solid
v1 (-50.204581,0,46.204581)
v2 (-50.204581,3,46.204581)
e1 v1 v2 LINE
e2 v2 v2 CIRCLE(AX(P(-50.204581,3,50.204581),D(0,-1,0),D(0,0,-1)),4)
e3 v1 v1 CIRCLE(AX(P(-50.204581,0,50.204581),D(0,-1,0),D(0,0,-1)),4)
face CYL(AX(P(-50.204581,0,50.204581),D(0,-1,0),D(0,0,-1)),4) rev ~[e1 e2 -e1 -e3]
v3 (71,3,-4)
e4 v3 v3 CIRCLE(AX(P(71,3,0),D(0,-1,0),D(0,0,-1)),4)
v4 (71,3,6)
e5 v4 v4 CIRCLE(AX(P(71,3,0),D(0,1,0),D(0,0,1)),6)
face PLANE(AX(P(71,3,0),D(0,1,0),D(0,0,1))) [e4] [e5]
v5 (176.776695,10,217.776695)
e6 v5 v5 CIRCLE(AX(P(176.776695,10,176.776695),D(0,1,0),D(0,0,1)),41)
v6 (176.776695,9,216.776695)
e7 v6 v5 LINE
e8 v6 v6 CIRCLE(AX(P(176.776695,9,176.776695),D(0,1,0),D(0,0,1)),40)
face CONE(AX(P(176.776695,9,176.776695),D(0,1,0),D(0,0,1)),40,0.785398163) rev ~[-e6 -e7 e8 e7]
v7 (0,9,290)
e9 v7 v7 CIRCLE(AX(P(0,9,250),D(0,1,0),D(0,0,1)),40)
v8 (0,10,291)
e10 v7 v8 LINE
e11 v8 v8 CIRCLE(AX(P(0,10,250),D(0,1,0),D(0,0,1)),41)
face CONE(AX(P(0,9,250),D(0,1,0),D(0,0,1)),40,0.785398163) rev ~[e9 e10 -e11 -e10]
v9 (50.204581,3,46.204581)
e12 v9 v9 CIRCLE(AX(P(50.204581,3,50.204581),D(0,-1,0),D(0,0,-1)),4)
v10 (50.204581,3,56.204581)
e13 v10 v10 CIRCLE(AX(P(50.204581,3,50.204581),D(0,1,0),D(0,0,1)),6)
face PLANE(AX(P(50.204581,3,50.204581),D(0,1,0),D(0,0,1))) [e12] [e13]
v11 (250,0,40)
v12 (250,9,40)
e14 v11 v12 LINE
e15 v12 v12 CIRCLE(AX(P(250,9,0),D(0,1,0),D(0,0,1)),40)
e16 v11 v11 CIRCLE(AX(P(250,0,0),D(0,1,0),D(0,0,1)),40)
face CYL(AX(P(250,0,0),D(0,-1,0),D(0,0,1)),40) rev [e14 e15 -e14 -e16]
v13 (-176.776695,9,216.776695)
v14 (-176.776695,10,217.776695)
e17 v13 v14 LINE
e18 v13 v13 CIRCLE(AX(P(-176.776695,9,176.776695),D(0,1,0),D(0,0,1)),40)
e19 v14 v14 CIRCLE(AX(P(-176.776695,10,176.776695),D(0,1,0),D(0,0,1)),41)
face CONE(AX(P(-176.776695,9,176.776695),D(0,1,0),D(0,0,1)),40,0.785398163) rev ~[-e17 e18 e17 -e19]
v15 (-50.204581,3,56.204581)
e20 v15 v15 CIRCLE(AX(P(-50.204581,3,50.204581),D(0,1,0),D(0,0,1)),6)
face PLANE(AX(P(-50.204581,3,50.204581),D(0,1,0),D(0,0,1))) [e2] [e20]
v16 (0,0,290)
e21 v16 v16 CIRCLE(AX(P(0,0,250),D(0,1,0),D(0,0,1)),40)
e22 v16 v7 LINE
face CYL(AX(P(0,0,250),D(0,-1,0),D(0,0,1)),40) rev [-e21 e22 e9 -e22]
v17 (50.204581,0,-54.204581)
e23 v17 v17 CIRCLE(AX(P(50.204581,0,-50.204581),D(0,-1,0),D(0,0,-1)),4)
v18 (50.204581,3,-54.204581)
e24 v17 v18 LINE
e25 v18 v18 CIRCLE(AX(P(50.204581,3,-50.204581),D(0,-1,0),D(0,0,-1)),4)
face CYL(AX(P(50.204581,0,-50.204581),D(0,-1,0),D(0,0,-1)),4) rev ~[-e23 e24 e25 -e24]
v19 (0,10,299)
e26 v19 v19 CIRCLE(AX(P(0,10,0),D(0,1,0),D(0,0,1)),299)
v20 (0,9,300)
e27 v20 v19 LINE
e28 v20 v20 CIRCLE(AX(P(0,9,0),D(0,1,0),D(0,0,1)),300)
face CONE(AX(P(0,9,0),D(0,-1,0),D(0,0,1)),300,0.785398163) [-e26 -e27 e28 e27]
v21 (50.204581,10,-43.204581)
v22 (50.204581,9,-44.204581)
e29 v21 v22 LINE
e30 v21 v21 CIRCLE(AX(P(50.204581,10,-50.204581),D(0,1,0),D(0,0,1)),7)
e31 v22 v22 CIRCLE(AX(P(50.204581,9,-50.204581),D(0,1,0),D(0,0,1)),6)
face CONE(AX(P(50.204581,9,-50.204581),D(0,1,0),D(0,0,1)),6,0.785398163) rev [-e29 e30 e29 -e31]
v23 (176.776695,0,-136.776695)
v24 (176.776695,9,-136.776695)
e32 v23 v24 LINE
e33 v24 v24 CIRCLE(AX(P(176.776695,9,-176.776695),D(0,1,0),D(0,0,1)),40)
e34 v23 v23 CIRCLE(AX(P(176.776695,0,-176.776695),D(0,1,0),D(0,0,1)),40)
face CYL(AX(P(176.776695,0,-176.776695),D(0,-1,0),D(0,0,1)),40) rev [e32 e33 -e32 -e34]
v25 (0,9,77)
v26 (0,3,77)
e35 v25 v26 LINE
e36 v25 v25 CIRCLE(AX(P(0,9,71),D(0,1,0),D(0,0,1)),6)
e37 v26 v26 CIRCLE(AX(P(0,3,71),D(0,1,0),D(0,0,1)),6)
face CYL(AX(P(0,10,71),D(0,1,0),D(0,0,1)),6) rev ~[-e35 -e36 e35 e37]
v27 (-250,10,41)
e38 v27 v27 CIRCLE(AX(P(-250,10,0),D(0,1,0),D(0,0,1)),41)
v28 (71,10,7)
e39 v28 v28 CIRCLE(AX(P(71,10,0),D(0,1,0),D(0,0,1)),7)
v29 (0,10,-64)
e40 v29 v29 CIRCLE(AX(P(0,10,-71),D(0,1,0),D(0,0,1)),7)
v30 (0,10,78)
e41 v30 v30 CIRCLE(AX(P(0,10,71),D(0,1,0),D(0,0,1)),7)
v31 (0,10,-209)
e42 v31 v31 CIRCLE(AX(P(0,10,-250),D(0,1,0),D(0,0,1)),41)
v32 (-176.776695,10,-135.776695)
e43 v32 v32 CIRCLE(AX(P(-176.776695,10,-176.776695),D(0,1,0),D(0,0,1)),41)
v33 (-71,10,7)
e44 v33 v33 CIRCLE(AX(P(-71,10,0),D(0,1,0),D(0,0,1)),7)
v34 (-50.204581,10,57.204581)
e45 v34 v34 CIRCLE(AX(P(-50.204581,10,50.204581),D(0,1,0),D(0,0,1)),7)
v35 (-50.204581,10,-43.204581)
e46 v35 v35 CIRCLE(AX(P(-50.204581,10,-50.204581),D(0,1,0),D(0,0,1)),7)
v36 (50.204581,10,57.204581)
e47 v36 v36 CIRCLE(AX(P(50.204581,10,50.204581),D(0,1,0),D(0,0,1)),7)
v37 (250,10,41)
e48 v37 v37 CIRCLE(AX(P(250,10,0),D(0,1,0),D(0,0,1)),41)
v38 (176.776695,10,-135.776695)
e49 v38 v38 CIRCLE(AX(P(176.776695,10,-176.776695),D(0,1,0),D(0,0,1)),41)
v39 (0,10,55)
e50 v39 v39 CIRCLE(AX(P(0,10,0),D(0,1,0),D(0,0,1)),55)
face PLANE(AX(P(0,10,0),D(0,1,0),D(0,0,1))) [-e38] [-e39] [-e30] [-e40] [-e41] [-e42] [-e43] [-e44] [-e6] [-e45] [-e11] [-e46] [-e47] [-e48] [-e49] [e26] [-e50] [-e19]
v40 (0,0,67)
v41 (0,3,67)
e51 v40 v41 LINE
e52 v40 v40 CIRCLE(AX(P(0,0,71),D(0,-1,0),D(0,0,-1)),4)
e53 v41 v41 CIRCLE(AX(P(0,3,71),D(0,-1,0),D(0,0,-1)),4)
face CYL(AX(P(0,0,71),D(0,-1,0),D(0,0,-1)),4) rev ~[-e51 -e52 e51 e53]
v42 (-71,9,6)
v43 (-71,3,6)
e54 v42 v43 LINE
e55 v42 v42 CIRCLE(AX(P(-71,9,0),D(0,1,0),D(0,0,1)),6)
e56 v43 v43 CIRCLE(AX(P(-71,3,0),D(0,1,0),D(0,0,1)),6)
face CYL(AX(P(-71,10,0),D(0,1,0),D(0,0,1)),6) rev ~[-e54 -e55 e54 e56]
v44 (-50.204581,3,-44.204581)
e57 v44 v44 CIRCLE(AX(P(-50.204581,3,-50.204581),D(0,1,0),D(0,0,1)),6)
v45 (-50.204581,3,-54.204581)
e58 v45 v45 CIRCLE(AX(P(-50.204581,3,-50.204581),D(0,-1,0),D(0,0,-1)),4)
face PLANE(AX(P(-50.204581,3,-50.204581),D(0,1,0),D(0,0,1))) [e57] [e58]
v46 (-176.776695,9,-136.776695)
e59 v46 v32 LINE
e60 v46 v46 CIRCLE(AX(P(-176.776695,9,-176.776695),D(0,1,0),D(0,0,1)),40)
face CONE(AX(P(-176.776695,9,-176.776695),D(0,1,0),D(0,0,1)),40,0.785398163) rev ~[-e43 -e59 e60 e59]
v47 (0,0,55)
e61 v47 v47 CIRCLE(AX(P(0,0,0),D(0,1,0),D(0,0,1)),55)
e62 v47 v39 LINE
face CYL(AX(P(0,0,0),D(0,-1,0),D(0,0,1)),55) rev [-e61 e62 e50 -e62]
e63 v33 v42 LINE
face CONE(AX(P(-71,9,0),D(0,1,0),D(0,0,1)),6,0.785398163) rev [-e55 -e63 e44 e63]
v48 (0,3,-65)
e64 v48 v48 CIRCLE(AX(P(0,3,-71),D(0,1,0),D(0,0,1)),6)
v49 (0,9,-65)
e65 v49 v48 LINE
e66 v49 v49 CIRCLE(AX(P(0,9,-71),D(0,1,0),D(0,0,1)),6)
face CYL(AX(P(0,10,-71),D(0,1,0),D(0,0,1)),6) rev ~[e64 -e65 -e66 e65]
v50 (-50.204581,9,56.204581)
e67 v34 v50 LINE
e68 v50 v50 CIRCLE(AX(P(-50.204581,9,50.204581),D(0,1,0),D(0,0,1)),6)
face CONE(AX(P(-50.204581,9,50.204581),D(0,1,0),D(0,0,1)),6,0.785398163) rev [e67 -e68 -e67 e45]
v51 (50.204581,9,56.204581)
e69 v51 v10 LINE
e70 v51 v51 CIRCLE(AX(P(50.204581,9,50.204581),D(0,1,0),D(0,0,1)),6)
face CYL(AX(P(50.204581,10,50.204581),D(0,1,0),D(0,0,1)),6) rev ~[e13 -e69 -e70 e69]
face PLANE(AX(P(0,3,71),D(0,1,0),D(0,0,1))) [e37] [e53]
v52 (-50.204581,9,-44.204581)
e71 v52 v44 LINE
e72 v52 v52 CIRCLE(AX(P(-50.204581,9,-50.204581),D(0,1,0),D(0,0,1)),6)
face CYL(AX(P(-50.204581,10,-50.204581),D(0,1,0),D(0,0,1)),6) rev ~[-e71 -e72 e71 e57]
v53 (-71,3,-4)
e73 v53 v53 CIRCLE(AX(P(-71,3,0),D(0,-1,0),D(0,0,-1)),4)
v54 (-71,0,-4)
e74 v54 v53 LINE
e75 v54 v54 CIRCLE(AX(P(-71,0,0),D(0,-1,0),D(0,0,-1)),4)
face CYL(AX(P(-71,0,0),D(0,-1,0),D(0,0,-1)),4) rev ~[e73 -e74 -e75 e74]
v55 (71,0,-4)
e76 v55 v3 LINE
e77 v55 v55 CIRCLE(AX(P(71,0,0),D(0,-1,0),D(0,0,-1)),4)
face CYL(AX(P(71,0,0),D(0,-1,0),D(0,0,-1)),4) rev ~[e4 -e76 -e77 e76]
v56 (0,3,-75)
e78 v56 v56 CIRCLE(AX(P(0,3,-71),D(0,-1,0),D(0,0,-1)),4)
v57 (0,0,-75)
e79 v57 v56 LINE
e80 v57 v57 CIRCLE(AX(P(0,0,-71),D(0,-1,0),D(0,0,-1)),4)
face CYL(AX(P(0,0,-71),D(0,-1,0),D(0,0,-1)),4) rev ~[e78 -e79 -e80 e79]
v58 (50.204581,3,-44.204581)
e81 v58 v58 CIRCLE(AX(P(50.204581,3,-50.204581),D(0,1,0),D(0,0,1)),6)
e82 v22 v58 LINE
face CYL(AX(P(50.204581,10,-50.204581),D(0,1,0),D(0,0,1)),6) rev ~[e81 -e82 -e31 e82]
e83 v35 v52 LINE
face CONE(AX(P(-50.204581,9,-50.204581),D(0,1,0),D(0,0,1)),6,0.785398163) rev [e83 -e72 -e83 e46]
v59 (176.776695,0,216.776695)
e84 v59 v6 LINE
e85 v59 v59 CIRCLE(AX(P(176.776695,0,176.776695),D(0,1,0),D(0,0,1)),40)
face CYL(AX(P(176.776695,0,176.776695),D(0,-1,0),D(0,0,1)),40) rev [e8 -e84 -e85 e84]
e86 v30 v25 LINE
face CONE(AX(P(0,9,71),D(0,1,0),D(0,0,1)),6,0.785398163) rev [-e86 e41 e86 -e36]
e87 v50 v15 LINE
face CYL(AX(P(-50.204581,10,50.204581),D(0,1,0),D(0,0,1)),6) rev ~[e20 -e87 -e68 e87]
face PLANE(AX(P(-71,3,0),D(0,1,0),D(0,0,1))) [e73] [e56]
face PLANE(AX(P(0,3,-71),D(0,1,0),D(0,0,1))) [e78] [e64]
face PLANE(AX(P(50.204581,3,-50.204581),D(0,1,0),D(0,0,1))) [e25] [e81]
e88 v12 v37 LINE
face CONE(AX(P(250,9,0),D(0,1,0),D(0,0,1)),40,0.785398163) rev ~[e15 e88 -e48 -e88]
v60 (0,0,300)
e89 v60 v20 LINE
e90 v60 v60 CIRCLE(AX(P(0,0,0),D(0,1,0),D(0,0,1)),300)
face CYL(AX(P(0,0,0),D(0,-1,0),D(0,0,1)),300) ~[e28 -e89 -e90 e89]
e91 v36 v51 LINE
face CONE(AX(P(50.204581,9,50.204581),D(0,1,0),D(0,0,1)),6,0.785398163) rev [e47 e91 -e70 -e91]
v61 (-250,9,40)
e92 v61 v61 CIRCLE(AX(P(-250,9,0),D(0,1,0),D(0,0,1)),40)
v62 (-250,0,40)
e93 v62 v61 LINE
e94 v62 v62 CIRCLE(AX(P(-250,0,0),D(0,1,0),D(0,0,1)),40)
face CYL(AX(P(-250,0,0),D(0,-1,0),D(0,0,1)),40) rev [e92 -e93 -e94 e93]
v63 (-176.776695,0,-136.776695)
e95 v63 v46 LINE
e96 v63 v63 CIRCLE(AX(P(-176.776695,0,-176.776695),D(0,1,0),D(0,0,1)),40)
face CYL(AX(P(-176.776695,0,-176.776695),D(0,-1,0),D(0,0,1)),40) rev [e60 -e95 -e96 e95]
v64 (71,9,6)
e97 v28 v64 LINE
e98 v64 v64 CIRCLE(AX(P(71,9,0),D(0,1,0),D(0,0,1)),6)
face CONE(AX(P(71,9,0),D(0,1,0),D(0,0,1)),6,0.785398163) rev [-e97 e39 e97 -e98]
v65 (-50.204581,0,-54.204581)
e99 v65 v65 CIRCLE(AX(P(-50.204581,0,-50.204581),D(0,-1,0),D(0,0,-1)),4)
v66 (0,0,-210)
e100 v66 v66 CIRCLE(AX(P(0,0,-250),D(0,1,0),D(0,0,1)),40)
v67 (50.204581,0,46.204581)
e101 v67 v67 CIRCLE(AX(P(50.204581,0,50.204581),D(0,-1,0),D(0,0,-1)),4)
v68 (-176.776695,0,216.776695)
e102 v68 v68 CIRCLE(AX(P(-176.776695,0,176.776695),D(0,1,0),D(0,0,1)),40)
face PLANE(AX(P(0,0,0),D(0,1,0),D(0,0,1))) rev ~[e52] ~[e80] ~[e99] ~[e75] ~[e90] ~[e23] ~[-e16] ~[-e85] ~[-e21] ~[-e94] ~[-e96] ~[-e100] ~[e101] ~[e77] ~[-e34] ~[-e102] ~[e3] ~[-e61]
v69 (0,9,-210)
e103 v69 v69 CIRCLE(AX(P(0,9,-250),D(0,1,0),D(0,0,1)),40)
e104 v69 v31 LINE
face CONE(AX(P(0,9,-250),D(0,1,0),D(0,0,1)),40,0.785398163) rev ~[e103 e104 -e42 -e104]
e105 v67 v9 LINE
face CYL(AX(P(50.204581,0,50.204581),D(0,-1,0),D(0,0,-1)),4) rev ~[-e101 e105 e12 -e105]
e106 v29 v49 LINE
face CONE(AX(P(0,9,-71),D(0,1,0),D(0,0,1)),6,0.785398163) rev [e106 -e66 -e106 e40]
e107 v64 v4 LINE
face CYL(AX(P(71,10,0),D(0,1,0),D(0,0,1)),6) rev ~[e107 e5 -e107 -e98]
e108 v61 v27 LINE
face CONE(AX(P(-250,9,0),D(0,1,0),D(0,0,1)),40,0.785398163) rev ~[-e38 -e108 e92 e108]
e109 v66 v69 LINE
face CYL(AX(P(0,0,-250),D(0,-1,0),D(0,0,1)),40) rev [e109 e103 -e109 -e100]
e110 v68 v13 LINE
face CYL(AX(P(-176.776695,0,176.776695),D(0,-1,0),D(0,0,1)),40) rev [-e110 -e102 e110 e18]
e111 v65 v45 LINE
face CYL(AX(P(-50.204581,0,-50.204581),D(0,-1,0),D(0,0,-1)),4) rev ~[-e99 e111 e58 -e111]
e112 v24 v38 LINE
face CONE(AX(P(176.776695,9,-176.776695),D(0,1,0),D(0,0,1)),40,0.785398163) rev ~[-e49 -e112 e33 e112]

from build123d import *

# Parameters (mm, degrees)
SKETCH2_R            = 300
SKETCH2_R_2          = 55
SKETCH2_R_3          = 40
BOSS_EXTRUDE10_DEPTH = 10
CHAMFER1_SIZE        = 1
SKETCH13_R           = 6
CUT_EXTRUDE1_DEPTH   = 7
SKETCH14_R           = 4
CUT_EXTRUDE2_DEPTH   = 3
CHAMFER2_SIZE        = 1


with BuildPart() as part:
    # Sketch2 → Boss-Extrude10 (new body)
    with BuildSketch(Plane(origin=(0, 0, 0), x_dir=(1, 0, 0), z_dir=(0, 1, 0))):
        with Locations(Location((0, 0, 0), (0, 0, 270))):
            Circle(SKETCH2_R)
        with Locations(Location((0, 0, 0), (0, 0, 270))):
            Circle(SKETCH2_R_2, mode=Mode.SUBTRACT)
        with Locations(Location((0, 250, 0), (0, 0, 270))):
            Circle(SKETCH2_R_3, mode=Mode.SUBTRACT)
        with Locations(Location((176.776695297, 176.776695297, 0), (0, 0, 270))):
            Circle(SKETCH2_R_3, mode=Mode.SUBTRACT)
        with Locations(Location((250, 0, 0), (0, 0, 270))):
            Circle(SKETCH2_R_3, mode=Mode.SUBTRACT)
        with Locations(Location((176.776695297, -176.776695297, 0), (0, 0, 270))):
            Circle(SKETCH2_R_3, mode=Mode.SUBTRACT)
        with Locations(Location((0, -250, 0), (0, 0, 270))):
            Circle(SKETCH2_R_3, mode=Mode.SUBTRACT)
        with Locations(Location((-176.776695297, -176.776695297, 0), (0, 0, 270))):
            Circle(SKETCH2_R_3, mode=Mode.SUBTRACT)
        with Locations(Location((-250, 0, 0), (0, 0, 270))):
            Circle(SKETCH2_R_3, mode=Mode.SUBTRACT)
        with Locations(Location((-176.776695297, 176.776695297, 0), (0, 0, 270))):
            Circle(SKETCH2_R_3, mode=Mode.SUBTRACT)
    extrude(amount=BOSS_EXTRUDE10_DEPTH)

    # Chamfer1
    chamfer1_edges = [part.edges().sort_by_distance(p)[0] for p in [
        (176.776695297, 10, -216.776695297),
        (250, 10, -40),
        (176.776695297, 10, 136.776695297),
        (0, 10, 210),
        (-176.776695297, 10, 136.776695297),
        (-250, 10, -40),
        (-176.776695297, 10, -216.776695297),
        (0, 10, -300),
        (0, 10, -290),
    ]]
    chamfer(chamfer1_edges, length=CHAMFER1_SIZE)

    # Sketch13 → Cut-Extrude1 (cut)
    with BuildSketch(Plane(origin=(0, 10, 0), x_dir=(1, 0, 0), z_dir=(0, 1, 0))):
        with Locations(Location((-71, 0, 0), (0, 0, 270))):
            Circle(SKETCH13_R)
        with Locations(Location((-50.204581464, 50.204581464, 0), (0, 0, 270))):
            Circle(SKETCH13_R)
        with Locations(Location((0, 71, 0), (0, 0, 270))):
            Circle(SKETCH13_R)
        with Locations(Location((50.204581464, 50.204581464, 0), (0, 0, 270))):
            Circle(SKETCH13_R)
        with Locations(Location((71, 0, 0), (0, 0, 270))):
            Circle(SKETCH13_R)
        with Locations(Location((50.204581464, -50.204581464, 0), (0, 0, 270))):
            Circle(SKETCH13_R)
        with Locations(Location((0, -71, 0), (0, 0, 270))):
            Circle(SKETCH13_R)
        with Locations(Location((-50.204581464, -50.204581464, 0), (0, 0, 270))):
            Circle(SKETCH13_R)
    extrude(amount=-CUT_EXTRUDE1_DEPTH, mode=Mode.SUBTRACT)

    # Sketch14 → Cut-Extrude2 (cut)
    with BuildSketch(Plane.XZ):
        with Locations(Location((-71, 0, 0), (0, 0, 270))):
            Circle(SKETCH14_R)
        with Locations(Location((-50.204581464, 50.204581464, 0), (0, 0, 270))):
            Circle(SKETCH14_R)
        with Locations(Location((0, 71, 0), (0, 0, 270))):
            Circle(SKETCH14_R)
        with Locations(Location((50.204581464, 50.204581464, 0), (0, 0, 270))):
            Circle(SKETCH14_R)
        with Locations(Location((71, 0, 0), (0, 0, 270))):
            Circle(SKETCH14_R)
        with Locations(Location((50.204581464, -50.204581464, 0), (0, 0, 270))):
            Circle(SKETCH14_R)
        with Locations(Location((0, -71, 0), (0, 0, 270))):
            Circle(SKETCH14_R)
        with Locations(Location((-50.204581464, -50.204581464, 0), (0, 0, 270))):
            Circle(SKETCH14_R)
    extrude(amount=-CUT_EXTRUDE2_DEPTH, mode=Mode.SUBTRACT)

    # Chamfer2
    chamfer2_edges = [part.edges().sort_by_distance(p)[0] for p in [
        (-71, 10, -6),
        (-50.204581464, 10, -56.204581464),
        (0, 10, -77),
        (50.204581464, 10, -56.204581464),
        (71, 10, -6),
        (50.204581464, 10, 44.204581464),
        (0, 10, 65),
        (-50.204581464, 10, 44.204581464),
    ]]
    chamfer(chamfer2_edges, length=CHAMFER2_SIZE)


solid = part.part
